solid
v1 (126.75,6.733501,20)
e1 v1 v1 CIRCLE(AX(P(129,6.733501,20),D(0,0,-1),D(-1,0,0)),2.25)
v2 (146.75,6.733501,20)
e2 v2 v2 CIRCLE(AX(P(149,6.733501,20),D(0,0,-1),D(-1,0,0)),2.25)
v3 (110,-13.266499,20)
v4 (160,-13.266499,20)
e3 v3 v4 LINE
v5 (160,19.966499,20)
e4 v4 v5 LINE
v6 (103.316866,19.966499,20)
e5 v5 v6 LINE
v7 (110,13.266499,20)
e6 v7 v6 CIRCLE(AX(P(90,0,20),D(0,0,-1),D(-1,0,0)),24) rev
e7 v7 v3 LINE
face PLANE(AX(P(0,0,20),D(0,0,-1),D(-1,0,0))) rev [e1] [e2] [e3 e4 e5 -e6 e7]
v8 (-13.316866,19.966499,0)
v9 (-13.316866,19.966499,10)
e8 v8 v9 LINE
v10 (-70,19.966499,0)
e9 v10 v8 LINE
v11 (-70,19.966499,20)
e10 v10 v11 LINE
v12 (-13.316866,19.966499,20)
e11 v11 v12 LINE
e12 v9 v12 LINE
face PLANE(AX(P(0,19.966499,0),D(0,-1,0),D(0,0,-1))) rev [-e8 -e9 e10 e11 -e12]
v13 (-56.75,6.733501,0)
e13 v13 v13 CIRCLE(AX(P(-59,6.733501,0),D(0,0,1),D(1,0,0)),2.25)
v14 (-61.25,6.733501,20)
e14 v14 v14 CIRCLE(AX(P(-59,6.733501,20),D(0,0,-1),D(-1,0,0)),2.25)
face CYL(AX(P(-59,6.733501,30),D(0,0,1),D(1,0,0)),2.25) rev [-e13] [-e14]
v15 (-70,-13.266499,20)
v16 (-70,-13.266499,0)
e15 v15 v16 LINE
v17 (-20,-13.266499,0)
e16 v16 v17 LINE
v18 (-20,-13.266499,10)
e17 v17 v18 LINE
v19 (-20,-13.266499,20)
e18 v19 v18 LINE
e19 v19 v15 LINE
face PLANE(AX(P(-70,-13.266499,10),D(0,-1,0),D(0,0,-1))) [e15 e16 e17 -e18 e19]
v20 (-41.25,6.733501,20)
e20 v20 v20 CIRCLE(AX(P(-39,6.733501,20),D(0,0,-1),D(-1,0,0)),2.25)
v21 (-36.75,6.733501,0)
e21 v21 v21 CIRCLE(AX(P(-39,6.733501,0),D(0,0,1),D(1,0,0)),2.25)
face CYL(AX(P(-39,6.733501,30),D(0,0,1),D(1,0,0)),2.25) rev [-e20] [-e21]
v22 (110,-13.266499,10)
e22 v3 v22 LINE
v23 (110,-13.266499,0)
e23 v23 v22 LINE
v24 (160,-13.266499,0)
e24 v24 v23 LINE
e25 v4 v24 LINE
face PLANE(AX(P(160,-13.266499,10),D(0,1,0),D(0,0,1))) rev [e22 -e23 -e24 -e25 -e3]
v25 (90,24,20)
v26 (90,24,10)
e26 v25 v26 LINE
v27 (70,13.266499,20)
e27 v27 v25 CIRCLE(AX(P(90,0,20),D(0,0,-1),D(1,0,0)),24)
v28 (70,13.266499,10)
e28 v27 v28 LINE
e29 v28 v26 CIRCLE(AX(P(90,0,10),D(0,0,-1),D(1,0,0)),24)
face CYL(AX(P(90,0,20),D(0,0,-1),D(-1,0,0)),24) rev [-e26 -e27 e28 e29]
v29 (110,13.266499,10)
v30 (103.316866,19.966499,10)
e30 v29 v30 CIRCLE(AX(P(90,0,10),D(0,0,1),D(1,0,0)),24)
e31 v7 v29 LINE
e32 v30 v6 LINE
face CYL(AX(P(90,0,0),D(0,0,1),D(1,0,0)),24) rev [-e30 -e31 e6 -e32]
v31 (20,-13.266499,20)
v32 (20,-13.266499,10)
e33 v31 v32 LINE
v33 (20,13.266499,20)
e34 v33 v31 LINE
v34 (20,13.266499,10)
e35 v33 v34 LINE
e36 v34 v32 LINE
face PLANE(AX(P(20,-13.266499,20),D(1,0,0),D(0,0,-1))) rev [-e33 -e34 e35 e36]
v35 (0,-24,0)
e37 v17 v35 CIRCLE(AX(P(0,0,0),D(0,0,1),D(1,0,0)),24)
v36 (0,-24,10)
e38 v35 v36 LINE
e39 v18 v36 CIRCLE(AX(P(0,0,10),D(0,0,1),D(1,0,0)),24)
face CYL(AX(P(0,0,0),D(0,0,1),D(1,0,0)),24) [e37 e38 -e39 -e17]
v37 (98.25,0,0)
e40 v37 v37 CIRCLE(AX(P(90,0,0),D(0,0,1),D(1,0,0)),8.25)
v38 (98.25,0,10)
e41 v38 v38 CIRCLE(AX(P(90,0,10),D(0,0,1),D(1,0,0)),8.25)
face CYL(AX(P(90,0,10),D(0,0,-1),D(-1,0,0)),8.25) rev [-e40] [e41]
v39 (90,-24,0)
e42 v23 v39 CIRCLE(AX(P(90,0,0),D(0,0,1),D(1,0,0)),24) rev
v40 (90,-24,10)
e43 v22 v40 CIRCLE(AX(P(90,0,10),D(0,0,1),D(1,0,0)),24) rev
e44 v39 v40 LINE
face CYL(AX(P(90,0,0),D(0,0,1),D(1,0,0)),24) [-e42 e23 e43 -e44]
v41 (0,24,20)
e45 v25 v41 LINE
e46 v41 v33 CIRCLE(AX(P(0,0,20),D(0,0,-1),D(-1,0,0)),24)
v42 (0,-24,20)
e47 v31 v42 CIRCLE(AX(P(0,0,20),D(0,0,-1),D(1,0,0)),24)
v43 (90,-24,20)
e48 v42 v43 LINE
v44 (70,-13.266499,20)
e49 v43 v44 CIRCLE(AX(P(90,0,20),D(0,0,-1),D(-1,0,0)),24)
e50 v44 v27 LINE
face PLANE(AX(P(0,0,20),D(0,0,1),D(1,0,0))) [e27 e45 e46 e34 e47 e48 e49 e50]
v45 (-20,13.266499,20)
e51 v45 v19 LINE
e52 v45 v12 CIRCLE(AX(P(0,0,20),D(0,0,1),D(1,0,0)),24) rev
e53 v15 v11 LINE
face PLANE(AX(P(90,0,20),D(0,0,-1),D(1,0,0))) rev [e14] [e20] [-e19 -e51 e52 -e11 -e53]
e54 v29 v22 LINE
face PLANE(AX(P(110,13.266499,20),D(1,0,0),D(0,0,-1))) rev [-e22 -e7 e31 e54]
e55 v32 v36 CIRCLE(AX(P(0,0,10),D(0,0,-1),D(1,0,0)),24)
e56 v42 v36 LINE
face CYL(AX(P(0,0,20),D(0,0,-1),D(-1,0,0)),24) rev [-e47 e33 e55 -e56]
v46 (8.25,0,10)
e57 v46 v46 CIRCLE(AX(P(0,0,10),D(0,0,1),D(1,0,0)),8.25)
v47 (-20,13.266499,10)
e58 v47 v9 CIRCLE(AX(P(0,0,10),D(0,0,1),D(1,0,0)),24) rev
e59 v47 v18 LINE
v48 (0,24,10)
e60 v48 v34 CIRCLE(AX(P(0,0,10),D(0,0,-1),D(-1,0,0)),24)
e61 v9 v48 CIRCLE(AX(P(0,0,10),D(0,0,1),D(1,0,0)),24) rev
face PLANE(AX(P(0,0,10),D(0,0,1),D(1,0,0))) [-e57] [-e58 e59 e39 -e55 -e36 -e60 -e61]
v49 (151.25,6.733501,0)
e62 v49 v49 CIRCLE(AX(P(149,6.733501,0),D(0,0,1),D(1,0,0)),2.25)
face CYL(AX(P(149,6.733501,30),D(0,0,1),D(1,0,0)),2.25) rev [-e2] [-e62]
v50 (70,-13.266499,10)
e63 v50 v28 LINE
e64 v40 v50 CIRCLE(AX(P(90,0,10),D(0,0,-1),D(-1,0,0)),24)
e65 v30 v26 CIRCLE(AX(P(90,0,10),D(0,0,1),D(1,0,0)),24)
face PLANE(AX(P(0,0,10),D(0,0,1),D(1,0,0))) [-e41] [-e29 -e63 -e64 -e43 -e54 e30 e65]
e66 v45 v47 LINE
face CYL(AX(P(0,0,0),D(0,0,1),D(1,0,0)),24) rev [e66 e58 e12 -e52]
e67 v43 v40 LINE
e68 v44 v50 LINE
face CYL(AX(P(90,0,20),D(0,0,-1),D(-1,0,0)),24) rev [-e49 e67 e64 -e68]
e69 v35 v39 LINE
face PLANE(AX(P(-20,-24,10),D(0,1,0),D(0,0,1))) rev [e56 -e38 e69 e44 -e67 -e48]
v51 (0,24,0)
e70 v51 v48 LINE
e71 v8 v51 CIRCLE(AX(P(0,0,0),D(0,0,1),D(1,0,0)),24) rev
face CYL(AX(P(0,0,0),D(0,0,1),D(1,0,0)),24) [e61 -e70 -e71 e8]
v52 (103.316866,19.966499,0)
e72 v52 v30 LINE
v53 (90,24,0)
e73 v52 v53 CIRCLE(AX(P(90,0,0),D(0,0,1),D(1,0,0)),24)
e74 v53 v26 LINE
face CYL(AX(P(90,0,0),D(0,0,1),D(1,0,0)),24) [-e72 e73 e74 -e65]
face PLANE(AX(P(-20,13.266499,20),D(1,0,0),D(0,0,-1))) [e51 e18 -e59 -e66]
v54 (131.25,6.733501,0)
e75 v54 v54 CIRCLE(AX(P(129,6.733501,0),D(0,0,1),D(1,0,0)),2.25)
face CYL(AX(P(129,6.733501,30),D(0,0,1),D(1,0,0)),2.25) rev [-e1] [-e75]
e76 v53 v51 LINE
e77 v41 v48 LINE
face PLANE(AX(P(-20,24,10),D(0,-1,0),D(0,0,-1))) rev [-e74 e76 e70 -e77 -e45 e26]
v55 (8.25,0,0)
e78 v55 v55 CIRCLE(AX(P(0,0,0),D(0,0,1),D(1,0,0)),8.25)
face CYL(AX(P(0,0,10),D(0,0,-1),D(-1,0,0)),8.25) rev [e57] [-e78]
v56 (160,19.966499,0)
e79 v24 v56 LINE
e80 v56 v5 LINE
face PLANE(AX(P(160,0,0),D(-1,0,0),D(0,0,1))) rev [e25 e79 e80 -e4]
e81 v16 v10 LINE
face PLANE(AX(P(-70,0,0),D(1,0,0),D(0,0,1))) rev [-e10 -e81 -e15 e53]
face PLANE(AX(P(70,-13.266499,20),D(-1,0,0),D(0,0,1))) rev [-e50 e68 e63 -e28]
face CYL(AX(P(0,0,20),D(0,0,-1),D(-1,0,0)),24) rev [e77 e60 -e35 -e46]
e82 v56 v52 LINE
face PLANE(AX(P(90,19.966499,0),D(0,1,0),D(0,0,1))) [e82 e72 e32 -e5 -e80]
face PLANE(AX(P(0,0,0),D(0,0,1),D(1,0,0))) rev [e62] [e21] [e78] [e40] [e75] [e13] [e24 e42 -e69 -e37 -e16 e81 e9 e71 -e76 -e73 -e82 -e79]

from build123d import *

# Parameters (mm, degrees)
SKETCH_1_W                  = 130
SKETCH_1_H                  = 48
SKETCH_1_R                  = 8.25
EXTRUDE_1_DEPTH             = 10
CUT_EXTRUDE_1_DEPTH         = 10
EXTRUDE_START               = 10
EXTRUDE_2_DEPTH             = 10
SKETCH_6_W                  = 10
SKETCH_6_H                  = 26.532998322
EXTRUDE_3_DEPTH             = 50
SKETCH_7_W                  = 50
SKETCH_7_H                  = 26.532998322
EXTRUDE_4_DEPTH             = 10
HOLE_WIZARD_M4_1_AT_2_COUNT = 2
HOLE_WIZARD_M4_1_AT_2_PITCH = 20
EXTRUDE_6_DEPTH             = 20


with BuildPart() as part:
    # 스케치1 → 보스-돌출1 (new body)
    with BuildSketch(Plane.XY):
        with Locations((45, 0)):
            Rectangle(SKETCH_1_W, SKETCH_1_H)
        Circle(SKETCH_1_R, mode=Mode.SUBTRACT)
        with Locations((90, 0)):
            Circle(SKETCH_1_R, mode=Mode.SUBTRACT)
    extrude(amount=EXTRUDE_1_DEPTH)

    # 스케치4 → 컷-돌출1 (cut)
    with BuildSketch(Plane.XY.offset(10)):
        with BuildLine():
            Line((-20, 24), (-20, 13.266499161))
            ThreePointArc((-20, 13.266499161), (-11.349097324, 21.147056295), (0, 24))
            Line((0, 24), (-20, 24))
        make_face()
        with BuildLine():
            ThreePointArc((0, -24), (-11.349097324, -21.147056295), (-20, -13.266499161))
            Line((-20, -13.266499161), (-20, -24))
            Line((-20, -24), (0, -24))
        make_face()
        with BuildLine():
            ThreePointArc((110, -13.266499161), (101.349097324, -21.147056295), (90, -24))
            Line((90, -24), (110, -24))
            Line((110, -24), (110, -13.266499161))
        make_face()
        with BuildLine():
            Line((110, 24), (90, 24))
            ThreePointArc((90, 24), (101.349097324, 21.147056295), (110, 13.266499161))
            Line((110, 13.266499161), (110, 24))
        make_face()
    extrude(amount=-CUT_EXTRUDE_1_DEPTH, mode=Mode.SUBTRACT)

    # 스케치5 → 보스-돌출2 (add)
    with BuildSketch(Plane.XY.offset(10).offset(EXTRUDE_START)):
        with BuildLine():
            Line((20, -13.266499161), (20, 13.266499161))
            ThreePointArc((20, 13.266499161), (11.349097324, 21.147056295), (0, 24))
            Line((0, 24), (90, 24))
            ThreePointArc((90, 24), (78.650902676, 21.147056295), (70, 13.266499161))
            Line((70, 13.266499161), (70, -13.266499161))
            ThreePointArc((70, -13.266499161), (78.650902676, -21.147056295), (90, -24))
            Line((90, -24), (0, -24))
            ThreePointArc((0, -24), (11.349097324, -21.147056295), (20, -13.266499161))
        make_face()
    extrude(amount=-EXTRUDE_2_DEPTH)

    # 스케치6 → 보스-돌출3 (add)
    with BuildSketch(Plane(origin=(110, 0, 0), x_dir=(0, 0, -1), z_dir=(1, 0, 0))):
        with Locations((-5, 0)):
            Rectangle(SKETCH_6_W, SKETCH_6_H)
    extrude_3 = extrude(amount=EXTRUDE_3_DEPTH)

    # 스케치7 → 보스-돌출4 (add)
    with BuildSketch(Plane.XY.offset(10)):
        with Locations((135, 0)):
            Rectangle(SKETCH_7_W, SKETCH_7_H)
    extrude_4 = extrude(amount=EXTRUDE_4_DEPTH)

    # 대칭 복사2: 보스-돌출3, 보스-돌출4 across plane
    add(extrude_3.mirror(Plane.ZY.offset(-45)))
    add(extrude_4.mirror(Plane.ZY.offset(-45)))

    # 스케치11 → M4 남비 머리 나사용 카운터보어1 (revolve, cut)
    with BuildSketch(Plane(origin=(-59, 6.733500839, 30), x_dir=(0, -1, 0), z_dir=(1, 0, 0))):
        Polygon((0, 0), (0, 31.351936393), (2.25, 30), (2.25, 3.1), (4.5, 3.1), (4.5, 0), align=None)
    hole_wizard_m4_1 = revolve(axis=Axis((-59, 6.733500839, 36.35), (0, 0, -1)), mode=Mode.SUBTRACT)

    # M4 남비 머리 나사용 카운터보어1 at 2: M4 남비 머리 나사용 카운터보어1 ×2
    with Locations(*[(i * HOLE_WIZARD_M4_1_AT_2_PITCH, 0, 0) for i in range(1, HOLE_WIZARD_M4_1_AT_2_COUNT)]):
        add(hole_wizard_m4_1, mode=Mode.SUBTRACT)

    # 스케치14 → 보스-돌출6 (add, through all)
    with BuildSketch(Plane.XY.offset(20)):
        with BuildLine():
            ThreePointArc((-20, 13.266499161), (-16.991935867, 16.949162679), (-13.316865669, 19.966499161))
            Line((-13.316865669, 19.966499161), (-70, 19.966499161))
            Line((-70, 19.966499161), (-70, 13.266499161))
            Line((-70, 13.266499161), (-20, 13.266499161))
        make_face()
    extrude_6 = extrude(amount=-EXTRUDE_6_DEPTH)

    # 대칭 복사3: M4 남비 머리 나사용 카운터보어1, 보스-돌출6 across plane
    add(hole_wizard_m4_1.mirror(Plane.ZY.offset(-45)), mode=Mode.SUBTRACT)
    add(extrude_6.mirror(Plane.ZY.offset(-45)))

    # 대칭 복사3 copy 1 sketch → 대칭 복사3 copy 1 (revolve, cut)
    with BuildSketch(Plane(origin=(129, 6.733500839, 30), x_dir=(0, -1, 0), z_dir=(-1, 0, 0))):
        Polygon((0, 0), (0, -31.351936393), (2.25, -30), (2.25, -3.1), (4.5, -3.1), (4.5, 0), align=None)
    revolve(axis=Axis((129, 6.733500839, 36.35), (0, 0, 1)), mode=Mode.SUBTRACT)


solid = part.part
